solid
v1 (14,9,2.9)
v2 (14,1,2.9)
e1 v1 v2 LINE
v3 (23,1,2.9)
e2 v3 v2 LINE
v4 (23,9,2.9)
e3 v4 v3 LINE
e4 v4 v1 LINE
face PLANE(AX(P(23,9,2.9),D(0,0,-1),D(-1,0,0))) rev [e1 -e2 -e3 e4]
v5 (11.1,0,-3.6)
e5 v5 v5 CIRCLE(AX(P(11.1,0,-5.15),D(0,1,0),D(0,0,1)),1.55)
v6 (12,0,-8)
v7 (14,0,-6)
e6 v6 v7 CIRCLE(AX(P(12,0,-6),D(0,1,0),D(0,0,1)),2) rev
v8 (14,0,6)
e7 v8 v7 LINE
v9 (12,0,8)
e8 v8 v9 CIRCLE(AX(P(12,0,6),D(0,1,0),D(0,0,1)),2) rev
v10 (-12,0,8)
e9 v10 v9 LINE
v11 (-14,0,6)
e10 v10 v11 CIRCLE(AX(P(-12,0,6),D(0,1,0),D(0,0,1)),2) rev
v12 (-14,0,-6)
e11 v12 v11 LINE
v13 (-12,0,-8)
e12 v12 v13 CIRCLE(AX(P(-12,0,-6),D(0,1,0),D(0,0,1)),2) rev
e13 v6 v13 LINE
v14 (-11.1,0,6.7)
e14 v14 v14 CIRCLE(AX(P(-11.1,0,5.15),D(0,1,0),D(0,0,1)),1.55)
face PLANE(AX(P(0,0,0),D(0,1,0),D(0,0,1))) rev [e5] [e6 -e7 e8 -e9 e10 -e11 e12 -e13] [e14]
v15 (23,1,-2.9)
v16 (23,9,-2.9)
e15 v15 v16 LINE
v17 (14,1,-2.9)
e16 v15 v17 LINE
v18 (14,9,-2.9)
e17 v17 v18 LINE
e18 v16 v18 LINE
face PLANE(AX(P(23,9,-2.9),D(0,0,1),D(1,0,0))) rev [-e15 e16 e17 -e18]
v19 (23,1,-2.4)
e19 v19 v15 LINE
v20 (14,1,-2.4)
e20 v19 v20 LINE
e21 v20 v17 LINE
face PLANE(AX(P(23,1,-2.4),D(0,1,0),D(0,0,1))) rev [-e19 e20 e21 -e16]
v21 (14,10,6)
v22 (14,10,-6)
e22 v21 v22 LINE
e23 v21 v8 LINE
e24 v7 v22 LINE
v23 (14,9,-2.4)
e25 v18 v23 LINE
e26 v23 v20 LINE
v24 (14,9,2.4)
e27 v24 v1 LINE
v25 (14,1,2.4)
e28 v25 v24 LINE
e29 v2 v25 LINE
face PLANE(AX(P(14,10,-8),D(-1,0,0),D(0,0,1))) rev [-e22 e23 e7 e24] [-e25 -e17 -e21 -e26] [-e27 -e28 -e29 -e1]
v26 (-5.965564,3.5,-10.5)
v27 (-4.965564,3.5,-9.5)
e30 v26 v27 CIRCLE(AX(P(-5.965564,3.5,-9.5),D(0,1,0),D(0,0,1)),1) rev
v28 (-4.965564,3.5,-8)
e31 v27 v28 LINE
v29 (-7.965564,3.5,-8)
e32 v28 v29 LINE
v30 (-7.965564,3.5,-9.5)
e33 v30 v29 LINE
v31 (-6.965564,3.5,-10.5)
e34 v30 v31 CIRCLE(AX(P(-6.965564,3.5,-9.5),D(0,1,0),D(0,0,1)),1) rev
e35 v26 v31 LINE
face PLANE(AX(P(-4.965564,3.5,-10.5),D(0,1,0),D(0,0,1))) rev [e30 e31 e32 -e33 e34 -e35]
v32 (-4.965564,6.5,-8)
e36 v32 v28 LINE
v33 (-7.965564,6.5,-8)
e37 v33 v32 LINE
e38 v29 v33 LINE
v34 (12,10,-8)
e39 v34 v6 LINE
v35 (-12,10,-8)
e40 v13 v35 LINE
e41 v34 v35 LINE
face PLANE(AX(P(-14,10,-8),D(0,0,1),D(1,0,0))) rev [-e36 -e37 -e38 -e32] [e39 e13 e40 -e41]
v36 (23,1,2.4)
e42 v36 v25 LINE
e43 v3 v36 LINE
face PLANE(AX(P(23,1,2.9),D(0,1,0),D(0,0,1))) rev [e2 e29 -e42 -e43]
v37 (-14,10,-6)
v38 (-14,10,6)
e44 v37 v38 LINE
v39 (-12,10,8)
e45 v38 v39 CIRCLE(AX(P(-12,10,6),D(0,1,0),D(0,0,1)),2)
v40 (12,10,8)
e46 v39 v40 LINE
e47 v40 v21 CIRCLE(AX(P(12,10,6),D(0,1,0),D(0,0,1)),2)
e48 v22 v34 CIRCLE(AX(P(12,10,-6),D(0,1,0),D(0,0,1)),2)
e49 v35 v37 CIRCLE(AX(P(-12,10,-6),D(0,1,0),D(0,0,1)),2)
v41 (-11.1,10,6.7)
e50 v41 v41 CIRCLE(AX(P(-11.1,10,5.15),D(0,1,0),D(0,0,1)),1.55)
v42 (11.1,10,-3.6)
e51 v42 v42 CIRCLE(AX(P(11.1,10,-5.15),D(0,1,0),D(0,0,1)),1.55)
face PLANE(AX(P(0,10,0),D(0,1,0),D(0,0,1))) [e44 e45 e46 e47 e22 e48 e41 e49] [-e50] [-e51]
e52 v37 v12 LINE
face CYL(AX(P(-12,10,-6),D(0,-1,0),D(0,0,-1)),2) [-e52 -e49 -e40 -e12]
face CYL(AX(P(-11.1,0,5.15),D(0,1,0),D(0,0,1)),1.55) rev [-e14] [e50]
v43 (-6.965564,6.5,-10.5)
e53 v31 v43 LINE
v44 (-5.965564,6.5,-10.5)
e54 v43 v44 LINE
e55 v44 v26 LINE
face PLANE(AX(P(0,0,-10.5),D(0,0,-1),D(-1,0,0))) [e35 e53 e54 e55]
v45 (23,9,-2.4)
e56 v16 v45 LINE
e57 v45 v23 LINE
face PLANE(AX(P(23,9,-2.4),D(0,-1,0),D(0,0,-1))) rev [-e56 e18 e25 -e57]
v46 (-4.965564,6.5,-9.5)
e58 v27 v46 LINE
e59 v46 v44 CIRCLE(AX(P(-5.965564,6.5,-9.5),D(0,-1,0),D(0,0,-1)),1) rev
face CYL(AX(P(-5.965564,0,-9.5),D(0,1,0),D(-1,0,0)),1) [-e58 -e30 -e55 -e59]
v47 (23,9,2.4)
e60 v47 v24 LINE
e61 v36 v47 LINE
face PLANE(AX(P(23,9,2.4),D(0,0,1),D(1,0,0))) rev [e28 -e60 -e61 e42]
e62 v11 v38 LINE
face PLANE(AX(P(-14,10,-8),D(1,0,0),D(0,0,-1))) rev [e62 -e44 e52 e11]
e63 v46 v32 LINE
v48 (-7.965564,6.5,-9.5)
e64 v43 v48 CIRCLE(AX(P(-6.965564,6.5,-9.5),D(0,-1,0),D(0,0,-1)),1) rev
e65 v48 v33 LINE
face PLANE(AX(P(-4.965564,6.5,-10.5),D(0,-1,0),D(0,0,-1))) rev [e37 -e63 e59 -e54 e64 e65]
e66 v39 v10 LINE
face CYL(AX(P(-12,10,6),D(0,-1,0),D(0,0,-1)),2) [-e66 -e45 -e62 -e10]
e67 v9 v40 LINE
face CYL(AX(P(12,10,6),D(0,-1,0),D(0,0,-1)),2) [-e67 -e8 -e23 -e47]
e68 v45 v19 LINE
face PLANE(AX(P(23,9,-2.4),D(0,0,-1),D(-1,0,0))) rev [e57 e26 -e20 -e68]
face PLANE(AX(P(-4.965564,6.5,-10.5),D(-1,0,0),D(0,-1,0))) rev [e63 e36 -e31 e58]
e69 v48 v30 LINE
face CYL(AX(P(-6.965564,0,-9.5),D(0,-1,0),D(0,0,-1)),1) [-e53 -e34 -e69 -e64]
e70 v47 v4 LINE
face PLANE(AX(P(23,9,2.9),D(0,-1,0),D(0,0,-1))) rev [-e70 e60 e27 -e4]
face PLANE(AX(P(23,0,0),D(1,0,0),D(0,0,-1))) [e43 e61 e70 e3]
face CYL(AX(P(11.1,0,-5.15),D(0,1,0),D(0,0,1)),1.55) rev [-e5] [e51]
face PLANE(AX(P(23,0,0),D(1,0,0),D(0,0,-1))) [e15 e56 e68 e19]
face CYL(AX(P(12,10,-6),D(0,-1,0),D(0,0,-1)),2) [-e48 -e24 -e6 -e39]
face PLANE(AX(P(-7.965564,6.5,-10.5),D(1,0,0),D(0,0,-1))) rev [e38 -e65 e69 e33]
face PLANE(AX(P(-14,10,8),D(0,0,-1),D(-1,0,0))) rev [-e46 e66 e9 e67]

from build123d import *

# Parameters (mm, degrees)
SKETCH_1_W          = 28
SKETCH_1_H          = 16
EXTRUDE_1_DEPTH     = 10
FILLET_1_R          = 2
SKETCH_2_R          = 1.55
CUT_EXTRUDE_1_DEPTH = 10
SKETCH_3_W          = 0.5
SKETCH_3_H          = 8
EXTRUDE_2_DEPTH     = 9
SKETCH_4_W          = 3
SKETCH_4_H          = 3
EXTRUDE_3_DEPTH     = 2.5
FILLET_2_R          = 1


with BuildPart() as part:
    # 스케치1 → 보스-돌출1 (new body)
    with BuildSketch(Plane(origin=(0, 0, 0), x_dir=(1, 0, 0), z_dir=(0, 1, 0))):
        Rectangle(SKETCH_1_W, SKETCH_1_H)
    extrude(amount=EXTRUDE_1_DEPTH)

    # 필렛1
    fillet_1_edges = [part.edges().sort_by_distance(p)[0] for p in [
        (-14, 5, -8),
        (14, 5, -8),
        (14, 5, 8),
        (-14, 5, 8),
    ]]
    fillet(fillet_1_edges, radius=FILLET_1_R)

    # 스케치2 → 컷-돌출1 (cut)
    with BuildSketch(Plane(origin=(0, 10, 0), x_dir=(1, 0, 0), z_dir=(0, 1, 0))):
        with Locations((11.1, 5.15)):
            Circle(SKETCH_2_R)
        with Locations((-11.1, -5.15)):
            Circle(SKETCH_2_R)
    extrude(amount=-CUT_EXTRUDE_1_DEPTH, mode=Mode.SUBTRACT)

    # 스케치3 → 보스-돌출2 (add)
    with BuildSketch(Plane(origin=(14, 0, 0), x_dir=(0, 0, -1), z_dir=(1, 0, 0))):
        with Locations((-2.65, 5)):
            Rectangle(SKETCH_3_W, SKETCH_3_H)
        with Locations((2.65, 5)):
            Rectangle(SKETCH_3_W, SKETCH_3_H)
    extrude(amount=EXTRUDE_2_DEPTH)

    # 스케치4 → 보스-돌출3 (add)
    with BuildSketch(Plane(origin=(0, 0, -8), x_dir=(-1, 0, 0), z_dir=(0, 0, -1))):
        with Locations((6.465564218, 5)):
            Rectangle(SKETCH_4_W, SKETCH_4_H)
    extrude(amount=EXTRUDE_3_DEPTH)

    # 필렛2
    fillet_2_edges = [part.edges().sort_by_distance(p)[0] for p in [
        (-4.965564218, 5, -10.5),
        (-7.965564218, 5, -10.5),
    ]]
    fillet(fillet_2_edges, radius=FILLET_2_R)


solid = part.part
